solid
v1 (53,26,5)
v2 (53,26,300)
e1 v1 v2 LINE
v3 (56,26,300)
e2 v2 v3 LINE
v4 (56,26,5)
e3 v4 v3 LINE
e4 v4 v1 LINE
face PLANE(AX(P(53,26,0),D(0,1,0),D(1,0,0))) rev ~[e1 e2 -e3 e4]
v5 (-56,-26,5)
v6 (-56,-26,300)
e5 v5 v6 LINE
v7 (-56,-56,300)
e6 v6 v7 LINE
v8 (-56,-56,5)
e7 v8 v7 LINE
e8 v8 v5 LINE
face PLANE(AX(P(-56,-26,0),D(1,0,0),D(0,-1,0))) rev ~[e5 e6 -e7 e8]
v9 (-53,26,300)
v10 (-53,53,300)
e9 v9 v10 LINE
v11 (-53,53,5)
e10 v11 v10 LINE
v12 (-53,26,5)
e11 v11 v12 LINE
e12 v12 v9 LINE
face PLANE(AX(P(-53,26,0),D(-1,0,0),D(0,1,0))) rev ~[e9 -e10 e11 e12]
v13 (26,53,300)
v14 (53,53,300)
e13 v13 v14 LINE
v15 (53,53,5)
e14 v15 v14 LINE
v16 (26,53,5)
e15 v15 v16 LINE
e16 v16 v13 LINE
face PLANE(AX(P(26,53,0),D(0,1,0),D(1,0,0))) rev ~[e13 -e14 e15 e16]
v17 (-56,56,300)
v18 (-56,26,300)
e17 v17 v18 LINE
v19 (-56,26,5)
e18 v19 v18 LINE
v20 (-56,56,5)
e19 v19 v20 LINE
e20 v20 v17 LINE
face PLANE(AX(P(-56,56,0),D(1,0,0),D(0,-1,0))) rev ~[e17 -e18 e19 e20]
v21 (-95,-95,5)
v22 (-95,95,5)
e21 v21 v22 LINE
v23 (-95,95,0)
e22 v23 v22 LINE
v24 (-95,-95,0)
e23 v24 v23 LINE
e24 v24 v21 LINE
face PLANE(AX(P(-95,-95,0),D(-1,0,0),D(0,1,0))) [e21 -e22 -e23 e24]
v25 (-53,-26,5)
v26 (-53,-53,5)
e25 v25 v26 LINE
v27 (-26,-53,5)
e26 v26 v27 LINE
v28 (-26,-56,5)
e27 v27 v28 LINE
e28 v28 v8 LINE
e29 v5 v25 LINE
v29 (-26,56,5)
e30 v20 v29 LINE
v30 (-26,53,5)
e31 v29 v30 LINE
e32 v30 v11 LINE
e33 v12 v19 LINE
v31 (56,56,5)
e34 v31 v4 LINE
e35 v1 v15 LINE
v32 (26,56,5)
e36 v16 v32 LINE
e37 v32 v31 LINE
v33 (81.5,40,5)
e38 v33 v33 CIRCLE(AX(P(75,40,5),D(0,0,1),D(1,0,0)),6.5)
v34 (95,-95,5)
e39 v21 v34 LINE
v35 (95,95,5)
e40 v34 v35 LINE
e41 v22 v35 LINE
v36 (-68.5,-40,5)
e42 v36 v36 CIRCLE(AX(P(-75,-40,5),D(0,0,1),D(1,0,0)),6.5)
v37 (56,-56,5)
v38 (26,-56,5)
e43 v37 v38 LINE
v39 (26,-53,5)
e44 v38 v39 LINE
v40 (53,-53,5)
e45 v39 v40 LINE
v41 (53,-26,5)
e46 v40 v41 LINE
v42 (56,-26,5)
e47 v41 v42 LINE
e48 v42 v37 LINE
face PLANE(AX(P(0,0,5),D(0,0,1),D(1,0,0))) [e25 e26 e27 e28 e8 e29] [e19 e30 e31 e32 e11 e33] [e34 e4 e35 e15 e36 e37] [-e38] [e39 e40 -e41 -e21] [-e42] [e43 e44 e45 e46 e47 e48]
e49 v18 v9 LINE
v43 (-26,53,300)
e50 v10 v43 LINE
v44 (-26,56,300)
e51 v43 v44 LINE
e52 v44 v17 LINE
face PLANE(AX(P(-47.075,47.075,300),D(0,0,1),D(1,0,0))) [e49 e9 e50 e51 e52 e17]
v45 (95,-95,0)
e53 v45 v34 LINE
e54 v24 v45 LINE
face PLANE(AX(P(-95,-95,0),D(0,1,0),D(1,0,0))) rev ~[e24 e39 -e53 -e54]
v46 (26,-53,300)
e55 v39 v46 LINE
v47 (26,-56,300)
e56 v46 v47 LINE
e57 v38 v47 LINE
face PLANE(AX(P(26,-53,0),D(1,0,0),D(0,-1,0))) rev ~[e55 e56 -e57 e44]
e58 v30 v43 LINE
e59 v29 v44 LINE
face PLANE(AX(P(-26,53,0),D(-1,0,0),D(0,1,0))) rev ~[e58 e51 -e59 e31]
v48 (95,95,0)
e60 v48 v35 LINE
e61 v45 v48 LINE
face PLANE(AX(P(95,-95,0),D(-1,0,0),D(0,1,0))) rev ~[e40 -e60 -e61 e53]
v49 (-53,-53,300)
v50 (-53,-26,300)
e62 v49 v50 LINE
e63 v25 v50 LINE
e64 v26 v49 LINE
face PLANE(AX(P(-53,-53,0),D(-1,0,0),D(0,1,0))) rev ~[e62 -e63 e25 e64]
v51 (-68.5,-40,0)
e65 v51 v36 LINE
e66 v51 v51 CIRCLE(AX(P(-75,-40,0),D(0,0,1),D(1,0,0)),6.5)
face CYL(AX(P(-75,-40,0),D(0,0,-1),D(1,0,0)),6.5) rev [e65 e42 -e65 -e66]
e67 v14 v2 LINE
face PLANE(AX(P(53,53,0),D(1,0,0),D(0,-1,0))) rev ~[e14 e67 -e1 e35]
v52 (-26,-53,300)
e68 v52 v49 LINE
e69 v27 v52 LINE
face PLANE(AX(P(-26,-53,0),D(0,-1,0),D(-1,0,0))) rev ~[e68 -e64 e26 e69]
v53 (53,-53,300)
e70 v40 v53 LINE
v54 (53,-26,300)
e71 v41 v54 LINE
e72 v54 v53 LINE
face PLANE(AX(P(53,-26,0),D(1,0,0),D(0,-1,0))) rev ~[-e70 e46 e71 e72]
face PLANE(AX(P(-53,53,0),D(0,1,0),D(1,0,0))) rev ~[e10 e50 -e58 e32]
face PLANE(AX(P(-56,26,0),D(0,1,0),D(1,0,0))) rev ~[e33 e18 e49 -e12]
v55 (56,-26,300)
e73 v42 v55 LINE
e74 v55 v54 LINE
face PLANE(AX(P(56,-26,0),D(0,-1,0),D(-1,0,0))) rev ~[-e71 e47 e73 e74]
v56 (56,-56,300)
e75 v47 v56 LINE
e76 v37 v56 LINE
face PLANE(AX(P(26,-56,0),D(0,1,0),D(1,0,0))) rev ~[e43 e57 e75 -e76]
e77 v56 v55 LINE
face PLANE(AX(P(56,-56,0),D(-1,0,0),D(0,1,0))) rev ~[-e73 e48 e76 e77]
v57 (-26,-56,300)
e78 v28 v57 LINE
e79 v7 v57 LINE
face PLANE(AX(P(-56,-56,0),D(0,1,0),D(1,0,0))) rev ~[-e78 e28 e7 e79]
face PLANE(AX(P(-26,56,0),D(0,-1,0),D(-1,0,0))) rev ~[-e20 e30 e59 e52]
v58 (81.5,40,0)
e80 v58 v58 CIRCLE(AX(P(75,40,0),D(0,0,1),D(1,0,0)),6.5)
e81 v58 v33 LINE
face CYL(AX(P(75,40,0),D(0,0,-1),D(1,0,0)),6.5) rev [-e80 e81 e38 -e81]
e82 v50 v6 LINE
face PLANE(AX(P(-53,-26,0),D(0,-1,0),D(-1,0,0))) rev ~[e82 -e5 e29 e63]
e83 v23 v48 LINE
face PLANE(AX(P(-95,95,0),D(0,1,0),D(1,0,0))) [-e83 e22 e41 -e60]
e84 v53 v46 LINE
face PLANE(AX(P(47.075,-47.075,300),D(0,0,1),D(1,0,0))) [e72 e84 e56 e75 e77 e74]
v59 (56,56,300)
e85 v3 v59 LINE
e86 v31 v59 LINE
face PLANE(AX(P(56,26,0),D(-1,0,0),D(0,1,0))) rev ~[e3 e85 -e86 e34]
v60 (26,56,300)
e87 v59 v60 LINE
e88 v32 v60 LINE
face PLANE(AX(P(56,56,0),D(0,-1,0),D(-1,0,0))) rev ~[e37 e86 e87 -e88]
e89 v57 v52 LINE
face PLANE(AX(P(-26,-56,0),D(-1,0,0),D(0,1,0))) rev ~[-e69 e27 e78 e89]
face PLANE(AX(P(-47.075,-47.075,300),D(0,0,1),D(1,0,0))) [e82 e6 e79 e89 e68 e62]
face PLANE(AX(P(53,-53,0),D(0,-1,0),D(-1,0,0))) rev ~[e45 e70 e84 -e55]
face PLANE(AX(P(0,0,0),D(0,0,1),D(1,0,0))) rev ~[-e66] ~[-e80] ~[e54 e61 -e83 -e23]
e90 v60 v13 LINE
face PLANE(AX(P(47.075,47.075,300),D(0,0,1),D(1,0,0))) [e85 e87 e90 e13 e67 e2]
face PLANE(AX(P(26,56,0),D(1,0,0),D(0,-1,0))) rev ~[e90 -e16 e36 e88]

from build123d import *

# Parameters (mm, degrees)
F0_W     = 190
F0_H     = 190
F0_R     = 6.5
F1_DEPTH = 5
F2_DEPTH = 300


with BuildPart() as f1:
    # F0 (on Top) → F1 (new body)
    with BuildSketch(Plane.XY):
        Rectangle(F0_W, F0_H)
        with Locations((-75, -40)):
            Circle(F0_R, mode=Mode.SUBTRACT)
        Polygon((-56, -56), (-56, -26), (-53, -26), (-53, -53), (-26, -53), (-26, -56), align=None, mode=Mode.SUBTRACT)
        Polygon((53, -26), (56, -26), (56, -56), (26, -56), (26, -53), (53, -53), align=None, mode=Mode.SUBTRACT)
        Polygon((-56, 26), (-56, 56), (-26, 56), (-26, 53), (-53, 53), (-53, 26), align=None, mode=Mode.SUBTRACT)
        Polygon((26, 53), (26, 56), (56, 56), (56, 26), (53, 26), (53, 53), align=None, mode=Mode.SUBTRACT)
        with Locations((75, 40)):
            Circle(F0_R, mode=Mode.SUBTRACT)
    extrude(amount=F1_DEPTH)

    # F0 (on Top) → F2 (join)
    with BuildSketch(Plane.XY):
        Polygon((-53, -26), (-56, -26), (-56, -56), (-26, -56), (-26, -53), (-53, -53), align=None)
        Polygon((56, -56), (56, -26), (53, -26), (53, -53), (26, -53), (26, -56), align=None)
        Polygon((56, 56), (26, 56), (26, 53), (53, 53), (53, 26), (56, 26), align=None)
        Polygon((-26, 56), (-56, 56), (-56, 26), (-53, 26), (-53, 53), (-26, 53), align=None)
    extrude(amount=F2_DEPTH)


solid = f1.part
